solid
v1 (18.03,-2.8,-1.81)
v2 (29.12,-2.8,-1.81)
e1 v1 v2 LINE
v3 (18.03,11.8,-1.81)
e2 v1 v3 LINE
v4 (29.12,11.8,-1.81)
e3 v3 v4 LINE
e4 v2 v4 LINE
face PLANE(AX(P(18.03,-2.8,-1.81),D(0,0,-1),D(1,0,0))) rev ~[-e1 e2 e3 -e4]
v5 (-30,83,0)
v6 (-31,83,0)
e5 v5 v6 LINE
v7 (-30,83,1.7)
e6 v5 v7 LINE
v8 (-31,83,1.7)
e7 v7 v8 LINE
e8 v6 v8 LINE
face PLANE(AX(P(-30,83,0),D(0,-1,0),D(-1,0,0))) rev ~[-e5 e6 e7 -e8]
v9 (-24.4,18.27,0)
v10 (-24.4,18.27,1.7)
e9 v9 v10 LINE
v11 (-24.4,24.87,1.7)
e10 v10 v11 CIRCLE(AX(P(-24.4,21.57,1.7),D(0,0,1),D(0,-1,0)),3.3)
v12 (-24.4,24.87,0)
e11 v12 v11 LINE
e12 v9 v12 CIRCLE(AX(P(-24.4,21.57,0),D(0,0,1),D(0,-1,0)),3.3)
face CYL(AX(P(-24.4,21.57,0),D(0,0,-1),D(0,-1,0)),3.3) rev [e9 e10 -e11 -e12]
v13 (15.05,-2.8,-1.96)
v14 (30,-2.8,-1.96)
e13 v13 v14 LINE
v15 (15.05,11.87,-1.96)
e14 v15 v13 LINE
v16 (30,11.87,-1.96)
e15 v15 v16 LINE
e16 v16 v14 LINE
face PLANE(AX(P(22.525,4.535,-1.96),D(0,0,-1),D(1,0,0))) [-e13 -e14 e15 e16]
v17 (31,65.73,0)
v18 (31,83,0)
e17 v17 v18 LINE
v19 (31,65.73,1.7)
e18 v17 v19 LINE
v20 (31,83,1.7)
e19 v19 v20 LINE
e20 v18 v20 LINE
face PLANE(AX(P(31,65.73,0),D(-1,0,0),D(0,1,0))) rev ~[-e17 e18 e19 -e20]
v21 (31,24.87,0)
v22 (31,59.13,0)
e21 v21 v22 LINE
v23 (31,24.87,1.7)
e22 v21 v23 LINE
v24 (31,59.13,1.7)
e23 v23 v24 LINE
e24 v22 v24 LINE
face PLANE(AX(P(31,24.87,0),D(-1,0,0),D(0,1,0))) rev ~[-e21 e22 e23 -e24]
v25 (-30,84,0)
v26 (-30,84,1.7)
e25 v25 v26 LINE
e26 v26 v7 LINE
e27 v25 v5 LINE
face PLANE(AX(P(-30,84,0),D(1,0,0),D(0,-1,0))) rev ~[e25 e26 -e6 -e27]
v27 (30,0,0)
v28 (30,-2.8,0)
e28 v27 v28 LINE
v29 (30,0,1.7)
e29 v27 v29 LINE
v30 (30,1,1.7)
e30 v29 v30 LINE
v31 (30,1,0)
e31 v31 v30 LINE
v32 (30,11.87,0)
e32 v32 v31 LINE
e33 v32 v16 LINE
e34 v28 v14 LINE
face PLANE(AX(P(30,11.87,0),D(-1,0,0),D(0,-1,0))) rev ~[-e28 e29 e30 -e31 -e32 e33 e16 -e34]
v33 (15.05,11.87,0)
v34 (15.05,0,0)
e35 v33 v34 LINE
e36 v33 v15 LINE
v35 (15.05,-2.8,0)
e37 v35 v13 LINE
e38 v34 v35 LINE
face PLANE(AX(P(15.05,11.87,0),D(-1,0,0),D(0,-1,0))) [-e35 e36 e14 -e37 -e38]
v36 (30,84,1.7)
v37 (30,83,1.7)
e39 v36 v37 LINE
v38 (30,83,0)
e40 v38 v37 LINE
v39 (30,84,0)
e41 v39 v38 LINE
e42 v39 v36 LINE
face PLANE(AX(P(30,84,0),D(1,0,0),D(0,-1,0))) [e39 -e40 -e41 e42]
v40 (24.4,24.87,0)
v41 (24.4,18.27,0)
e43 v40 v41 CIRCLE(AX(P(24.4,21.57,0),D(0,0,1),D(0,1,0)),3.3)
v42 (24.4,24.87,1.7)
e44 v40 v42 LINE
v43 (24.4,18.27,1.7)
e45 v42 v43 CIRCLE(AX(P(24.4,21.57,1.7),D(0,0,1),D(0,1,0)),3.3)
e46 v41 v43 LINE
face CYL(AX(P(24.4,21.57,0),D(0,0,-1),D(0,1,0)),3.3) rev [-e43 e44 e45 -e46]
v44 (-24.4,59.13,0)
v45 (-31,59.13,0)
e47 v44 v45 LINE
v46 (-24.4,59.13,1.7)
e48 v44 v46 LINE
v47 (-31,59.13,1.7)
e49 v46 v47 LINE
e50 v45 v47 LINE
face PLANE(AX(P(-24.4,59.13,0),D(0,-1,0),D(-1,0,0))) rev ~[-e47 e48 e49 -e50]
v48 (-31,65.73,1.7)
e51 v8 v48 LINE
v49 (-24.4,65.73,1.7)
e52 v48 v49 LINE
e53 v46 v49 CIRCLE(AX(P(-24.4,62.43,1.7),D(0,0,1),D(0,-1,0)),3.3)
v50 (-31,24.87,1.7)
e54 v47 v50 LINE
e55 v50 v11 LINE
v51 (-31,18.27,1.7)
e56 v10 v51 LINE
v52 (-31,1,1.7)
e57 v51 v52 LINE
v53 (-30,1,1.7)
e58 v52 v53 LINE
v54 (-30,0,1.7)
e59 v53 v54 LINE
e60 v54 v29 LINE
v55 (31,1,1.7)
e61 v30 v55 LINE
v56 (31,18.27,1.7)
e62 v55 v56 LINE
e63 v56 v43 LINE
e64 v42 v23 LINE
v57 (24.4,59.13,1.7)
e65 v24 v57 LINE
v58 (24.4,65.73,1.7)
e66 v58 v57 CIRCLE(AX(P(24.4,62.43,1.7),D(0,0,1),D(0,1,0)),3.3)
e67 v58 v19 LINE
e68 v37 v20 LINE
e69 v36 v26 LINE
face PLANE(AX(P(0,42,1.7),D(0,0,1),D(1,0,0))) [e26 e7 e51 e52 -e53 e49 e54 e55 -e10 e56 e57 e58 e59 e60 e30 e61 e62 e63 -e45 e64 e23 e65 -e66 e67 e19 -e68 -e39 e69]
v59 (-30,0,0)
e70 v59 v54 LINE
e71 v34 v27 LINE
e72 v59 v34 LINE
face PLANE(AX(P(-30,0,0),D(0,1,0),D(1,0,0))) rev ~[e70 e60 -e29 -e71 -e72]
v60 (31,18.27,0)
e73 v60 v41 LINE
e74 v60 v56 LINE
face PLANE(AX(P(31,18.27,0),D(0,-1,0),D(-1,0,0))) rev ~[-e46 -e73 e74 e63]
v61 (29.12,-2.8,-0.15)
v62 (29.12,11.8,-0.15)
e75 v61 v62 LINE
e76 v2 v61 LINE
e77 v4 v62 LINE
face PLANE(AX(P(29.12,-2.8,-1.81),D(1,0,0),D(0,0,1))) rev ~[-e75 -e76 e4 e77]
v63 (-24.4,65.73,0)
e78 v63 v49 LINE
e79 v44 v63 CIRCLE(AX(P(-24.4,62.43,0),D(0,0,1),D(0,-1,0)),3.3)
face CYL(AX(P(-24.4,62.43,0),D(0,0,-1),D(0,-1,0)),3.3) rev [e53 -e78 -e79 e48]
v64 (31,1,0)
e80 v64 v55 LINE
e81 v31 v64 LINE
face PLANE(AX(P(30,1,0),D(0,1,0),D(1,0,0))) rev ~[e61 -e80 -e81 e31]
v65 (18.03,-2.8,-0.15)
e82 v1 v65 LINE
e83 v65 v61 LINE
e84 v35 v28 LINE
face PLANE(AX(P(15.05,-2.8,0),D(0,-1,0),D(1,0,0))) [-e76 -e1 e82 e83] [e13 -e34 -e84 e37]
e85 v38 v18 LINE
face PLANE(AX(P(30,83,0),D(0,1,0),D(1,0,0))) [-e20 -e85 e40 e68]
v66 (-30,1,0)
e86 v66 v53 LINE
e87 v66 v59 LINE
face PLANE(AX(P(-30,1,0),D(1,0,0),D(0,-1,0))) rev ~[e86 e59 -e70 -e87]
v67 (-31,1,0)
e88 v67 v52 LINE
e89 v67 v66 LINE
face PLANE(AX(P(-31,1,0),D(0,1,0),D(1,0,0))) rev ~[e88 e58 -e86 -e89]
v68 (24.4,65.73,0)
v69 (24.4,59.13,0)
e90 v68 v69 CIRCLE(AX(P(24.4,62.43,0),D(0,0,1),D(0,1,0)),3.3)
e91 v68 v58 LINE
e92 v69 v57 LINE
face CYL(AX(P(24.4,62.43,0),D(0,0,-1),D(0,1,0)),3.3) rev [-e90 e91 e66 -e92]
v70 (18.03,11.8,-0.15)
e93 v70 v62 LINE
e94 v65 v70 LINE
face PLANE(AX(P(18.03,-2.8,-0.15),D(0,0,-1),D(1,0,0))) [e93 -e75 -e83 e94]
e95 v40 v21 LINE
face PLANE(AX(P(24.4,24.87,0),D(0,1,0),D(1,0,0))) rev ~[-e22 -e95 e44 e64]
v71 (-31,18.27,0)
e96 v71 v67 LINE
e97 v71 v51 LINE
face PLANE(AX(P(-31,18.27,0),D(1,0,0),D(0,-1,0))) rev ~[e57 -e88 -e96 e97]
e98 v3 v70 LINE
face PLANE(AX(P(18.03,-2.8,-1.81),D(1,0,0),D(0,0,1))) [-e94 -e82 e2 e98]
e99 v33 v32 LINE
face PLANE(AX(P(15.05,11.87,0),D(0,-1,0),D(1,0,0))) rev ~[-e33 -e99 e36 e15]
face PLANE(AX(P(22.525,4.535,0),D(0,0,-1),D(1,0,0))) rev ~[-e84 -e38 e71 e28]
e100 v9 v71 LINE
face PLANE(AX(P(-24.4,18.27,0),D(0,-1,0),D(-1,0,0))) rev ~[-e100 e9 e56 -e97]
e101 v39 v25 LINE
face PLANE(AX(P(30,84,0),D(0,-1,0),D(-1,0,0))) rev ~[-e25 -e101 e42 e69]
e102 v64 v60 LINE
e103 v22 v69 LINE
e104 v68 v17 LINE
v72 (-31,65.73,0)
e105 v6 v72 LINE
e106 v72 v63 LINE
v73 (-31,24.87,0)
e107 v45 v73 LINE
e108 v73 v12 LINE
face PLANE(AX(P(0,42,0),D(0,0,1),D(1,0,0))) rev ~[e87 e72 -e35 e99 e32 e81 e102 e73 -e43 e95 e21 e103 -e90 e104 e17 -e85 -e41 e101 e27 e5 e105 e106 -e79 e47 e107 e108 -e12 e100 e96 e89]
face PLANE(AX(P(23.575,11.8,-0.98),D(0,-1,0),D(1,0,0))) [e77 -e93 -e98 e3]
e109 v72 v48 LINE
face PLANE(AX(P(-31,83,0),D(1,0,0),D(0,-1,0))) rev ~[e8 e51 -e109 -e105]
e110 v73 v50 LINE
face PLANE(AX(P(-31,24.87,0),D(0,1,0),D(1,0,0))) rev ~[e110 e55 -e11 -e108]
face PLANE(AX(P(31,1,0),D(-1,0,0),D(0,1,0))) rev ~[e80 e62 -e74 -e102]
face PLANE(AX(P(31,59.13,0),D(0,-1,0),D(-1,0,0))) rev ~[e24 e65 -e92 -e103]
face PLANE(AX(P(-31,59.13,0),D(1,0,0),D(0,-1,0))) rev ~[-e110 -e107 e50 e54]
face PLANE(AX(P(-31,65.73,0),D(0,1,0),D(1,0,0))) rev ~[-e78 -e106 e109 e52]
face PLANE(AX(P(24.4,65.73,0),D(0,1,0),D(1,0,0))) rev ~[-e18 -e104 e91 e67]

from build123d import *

# Parameters (mm, degrees)
PAD_DEPTH       = 1.7
SKETCH009_W     = 14.95
SKETCH009_H     = 14.67
PAD002_DEPTH    = 1.96
SKETCH017_W     = 11.09
SKETCH017_H     = 1.66
POCKET006_DEPTH = 14.6


with BuildPart() as part:
    # Sketch → Pad (new body)
    with BuildSketch(Plane.XY):
        with BuildLine():
            Line((0, 0), (30, 0))
            Line((30, 0), (30, 1))
            Line((30, 1), (31, 1))
            Line((31, 1), (31, 18.27))
            Line((31, 18.27), (24.4, 18.27))
            ThreePointArc((24.4, 24.87), (21.1, 21.57), (24.4, 18.27))
            Line((24.4, 24.87), (31, 24.87))
            Line((31, 24.87), (31, 59.13))
            Line((31, 59.13), (24.4, 59.13))
            ThreePointArc((24.4, 65.73), (21.1, 62.43), (24.4, 59.13))
            Line((24.4, 65.73), (31, 65.73))
            Line((31, 65.73), (31, 83))
            Line((30, 83), (31, 83))
            Line((30, 84), (30, 83))
            Line((30, 84), (0, 84))
            Line((0, 84), (-30, 84))
            Line((-30, 84), (-30, 83))
            Line((-30, 83), (-31, 83))
            Line((-31, 83), (-31, 65.73))
            Line((-31, 65.73), (-24.4, 65.73))
            ThreePointArc((-24.4, 59.13), (-21.1, 62.43), (-24.4, 65.73))
            Line((-24.4, 59.13), (-31, 59.13))
            Line((-31, 59.13), (-31, 24.87))
            Line((-31, 24.87), (-24.4, 24.87))
            ThreePointArc((-24.4, 18.27), (-21.1, 21.57), (-24.4, 24.87))
            Line((-24.4, 18.27), (-31, 18.27))
            Line((-31, 18.27), (-31, 1))
            Line((-31, 1), (-30, 1))
            Line((-30, 1), (-30, 0))
            Line((-30, 0), (0, 0))
        make_face()
    extrude(amount=PAD_DEPTH)

    # Sketch009 → Pad002 (new body)
    with BuildSketch(Plane(origin=(0, 0, 0), x_dir=(1, 0, 0), z_dir=(0, 0, -1))):
        with Locations((22.525, -4.535)):
            Rectangle(SKETCH009_W, SKETCH009_H)
    extrude(amount=PAD002_DEPTH)

    # Sketch017 → Pocket006 (cut)
    with BuildSketch(Plane.XZ.offset(2.8)):
        with Locations((23.575, -0.98)):
            Rectangle(SKETCH017_W, SKETCH017_H)
    extrude(amount=-POCKET006_DEPTH, mode=Mode.SUBTRACT)


solid = part.part
